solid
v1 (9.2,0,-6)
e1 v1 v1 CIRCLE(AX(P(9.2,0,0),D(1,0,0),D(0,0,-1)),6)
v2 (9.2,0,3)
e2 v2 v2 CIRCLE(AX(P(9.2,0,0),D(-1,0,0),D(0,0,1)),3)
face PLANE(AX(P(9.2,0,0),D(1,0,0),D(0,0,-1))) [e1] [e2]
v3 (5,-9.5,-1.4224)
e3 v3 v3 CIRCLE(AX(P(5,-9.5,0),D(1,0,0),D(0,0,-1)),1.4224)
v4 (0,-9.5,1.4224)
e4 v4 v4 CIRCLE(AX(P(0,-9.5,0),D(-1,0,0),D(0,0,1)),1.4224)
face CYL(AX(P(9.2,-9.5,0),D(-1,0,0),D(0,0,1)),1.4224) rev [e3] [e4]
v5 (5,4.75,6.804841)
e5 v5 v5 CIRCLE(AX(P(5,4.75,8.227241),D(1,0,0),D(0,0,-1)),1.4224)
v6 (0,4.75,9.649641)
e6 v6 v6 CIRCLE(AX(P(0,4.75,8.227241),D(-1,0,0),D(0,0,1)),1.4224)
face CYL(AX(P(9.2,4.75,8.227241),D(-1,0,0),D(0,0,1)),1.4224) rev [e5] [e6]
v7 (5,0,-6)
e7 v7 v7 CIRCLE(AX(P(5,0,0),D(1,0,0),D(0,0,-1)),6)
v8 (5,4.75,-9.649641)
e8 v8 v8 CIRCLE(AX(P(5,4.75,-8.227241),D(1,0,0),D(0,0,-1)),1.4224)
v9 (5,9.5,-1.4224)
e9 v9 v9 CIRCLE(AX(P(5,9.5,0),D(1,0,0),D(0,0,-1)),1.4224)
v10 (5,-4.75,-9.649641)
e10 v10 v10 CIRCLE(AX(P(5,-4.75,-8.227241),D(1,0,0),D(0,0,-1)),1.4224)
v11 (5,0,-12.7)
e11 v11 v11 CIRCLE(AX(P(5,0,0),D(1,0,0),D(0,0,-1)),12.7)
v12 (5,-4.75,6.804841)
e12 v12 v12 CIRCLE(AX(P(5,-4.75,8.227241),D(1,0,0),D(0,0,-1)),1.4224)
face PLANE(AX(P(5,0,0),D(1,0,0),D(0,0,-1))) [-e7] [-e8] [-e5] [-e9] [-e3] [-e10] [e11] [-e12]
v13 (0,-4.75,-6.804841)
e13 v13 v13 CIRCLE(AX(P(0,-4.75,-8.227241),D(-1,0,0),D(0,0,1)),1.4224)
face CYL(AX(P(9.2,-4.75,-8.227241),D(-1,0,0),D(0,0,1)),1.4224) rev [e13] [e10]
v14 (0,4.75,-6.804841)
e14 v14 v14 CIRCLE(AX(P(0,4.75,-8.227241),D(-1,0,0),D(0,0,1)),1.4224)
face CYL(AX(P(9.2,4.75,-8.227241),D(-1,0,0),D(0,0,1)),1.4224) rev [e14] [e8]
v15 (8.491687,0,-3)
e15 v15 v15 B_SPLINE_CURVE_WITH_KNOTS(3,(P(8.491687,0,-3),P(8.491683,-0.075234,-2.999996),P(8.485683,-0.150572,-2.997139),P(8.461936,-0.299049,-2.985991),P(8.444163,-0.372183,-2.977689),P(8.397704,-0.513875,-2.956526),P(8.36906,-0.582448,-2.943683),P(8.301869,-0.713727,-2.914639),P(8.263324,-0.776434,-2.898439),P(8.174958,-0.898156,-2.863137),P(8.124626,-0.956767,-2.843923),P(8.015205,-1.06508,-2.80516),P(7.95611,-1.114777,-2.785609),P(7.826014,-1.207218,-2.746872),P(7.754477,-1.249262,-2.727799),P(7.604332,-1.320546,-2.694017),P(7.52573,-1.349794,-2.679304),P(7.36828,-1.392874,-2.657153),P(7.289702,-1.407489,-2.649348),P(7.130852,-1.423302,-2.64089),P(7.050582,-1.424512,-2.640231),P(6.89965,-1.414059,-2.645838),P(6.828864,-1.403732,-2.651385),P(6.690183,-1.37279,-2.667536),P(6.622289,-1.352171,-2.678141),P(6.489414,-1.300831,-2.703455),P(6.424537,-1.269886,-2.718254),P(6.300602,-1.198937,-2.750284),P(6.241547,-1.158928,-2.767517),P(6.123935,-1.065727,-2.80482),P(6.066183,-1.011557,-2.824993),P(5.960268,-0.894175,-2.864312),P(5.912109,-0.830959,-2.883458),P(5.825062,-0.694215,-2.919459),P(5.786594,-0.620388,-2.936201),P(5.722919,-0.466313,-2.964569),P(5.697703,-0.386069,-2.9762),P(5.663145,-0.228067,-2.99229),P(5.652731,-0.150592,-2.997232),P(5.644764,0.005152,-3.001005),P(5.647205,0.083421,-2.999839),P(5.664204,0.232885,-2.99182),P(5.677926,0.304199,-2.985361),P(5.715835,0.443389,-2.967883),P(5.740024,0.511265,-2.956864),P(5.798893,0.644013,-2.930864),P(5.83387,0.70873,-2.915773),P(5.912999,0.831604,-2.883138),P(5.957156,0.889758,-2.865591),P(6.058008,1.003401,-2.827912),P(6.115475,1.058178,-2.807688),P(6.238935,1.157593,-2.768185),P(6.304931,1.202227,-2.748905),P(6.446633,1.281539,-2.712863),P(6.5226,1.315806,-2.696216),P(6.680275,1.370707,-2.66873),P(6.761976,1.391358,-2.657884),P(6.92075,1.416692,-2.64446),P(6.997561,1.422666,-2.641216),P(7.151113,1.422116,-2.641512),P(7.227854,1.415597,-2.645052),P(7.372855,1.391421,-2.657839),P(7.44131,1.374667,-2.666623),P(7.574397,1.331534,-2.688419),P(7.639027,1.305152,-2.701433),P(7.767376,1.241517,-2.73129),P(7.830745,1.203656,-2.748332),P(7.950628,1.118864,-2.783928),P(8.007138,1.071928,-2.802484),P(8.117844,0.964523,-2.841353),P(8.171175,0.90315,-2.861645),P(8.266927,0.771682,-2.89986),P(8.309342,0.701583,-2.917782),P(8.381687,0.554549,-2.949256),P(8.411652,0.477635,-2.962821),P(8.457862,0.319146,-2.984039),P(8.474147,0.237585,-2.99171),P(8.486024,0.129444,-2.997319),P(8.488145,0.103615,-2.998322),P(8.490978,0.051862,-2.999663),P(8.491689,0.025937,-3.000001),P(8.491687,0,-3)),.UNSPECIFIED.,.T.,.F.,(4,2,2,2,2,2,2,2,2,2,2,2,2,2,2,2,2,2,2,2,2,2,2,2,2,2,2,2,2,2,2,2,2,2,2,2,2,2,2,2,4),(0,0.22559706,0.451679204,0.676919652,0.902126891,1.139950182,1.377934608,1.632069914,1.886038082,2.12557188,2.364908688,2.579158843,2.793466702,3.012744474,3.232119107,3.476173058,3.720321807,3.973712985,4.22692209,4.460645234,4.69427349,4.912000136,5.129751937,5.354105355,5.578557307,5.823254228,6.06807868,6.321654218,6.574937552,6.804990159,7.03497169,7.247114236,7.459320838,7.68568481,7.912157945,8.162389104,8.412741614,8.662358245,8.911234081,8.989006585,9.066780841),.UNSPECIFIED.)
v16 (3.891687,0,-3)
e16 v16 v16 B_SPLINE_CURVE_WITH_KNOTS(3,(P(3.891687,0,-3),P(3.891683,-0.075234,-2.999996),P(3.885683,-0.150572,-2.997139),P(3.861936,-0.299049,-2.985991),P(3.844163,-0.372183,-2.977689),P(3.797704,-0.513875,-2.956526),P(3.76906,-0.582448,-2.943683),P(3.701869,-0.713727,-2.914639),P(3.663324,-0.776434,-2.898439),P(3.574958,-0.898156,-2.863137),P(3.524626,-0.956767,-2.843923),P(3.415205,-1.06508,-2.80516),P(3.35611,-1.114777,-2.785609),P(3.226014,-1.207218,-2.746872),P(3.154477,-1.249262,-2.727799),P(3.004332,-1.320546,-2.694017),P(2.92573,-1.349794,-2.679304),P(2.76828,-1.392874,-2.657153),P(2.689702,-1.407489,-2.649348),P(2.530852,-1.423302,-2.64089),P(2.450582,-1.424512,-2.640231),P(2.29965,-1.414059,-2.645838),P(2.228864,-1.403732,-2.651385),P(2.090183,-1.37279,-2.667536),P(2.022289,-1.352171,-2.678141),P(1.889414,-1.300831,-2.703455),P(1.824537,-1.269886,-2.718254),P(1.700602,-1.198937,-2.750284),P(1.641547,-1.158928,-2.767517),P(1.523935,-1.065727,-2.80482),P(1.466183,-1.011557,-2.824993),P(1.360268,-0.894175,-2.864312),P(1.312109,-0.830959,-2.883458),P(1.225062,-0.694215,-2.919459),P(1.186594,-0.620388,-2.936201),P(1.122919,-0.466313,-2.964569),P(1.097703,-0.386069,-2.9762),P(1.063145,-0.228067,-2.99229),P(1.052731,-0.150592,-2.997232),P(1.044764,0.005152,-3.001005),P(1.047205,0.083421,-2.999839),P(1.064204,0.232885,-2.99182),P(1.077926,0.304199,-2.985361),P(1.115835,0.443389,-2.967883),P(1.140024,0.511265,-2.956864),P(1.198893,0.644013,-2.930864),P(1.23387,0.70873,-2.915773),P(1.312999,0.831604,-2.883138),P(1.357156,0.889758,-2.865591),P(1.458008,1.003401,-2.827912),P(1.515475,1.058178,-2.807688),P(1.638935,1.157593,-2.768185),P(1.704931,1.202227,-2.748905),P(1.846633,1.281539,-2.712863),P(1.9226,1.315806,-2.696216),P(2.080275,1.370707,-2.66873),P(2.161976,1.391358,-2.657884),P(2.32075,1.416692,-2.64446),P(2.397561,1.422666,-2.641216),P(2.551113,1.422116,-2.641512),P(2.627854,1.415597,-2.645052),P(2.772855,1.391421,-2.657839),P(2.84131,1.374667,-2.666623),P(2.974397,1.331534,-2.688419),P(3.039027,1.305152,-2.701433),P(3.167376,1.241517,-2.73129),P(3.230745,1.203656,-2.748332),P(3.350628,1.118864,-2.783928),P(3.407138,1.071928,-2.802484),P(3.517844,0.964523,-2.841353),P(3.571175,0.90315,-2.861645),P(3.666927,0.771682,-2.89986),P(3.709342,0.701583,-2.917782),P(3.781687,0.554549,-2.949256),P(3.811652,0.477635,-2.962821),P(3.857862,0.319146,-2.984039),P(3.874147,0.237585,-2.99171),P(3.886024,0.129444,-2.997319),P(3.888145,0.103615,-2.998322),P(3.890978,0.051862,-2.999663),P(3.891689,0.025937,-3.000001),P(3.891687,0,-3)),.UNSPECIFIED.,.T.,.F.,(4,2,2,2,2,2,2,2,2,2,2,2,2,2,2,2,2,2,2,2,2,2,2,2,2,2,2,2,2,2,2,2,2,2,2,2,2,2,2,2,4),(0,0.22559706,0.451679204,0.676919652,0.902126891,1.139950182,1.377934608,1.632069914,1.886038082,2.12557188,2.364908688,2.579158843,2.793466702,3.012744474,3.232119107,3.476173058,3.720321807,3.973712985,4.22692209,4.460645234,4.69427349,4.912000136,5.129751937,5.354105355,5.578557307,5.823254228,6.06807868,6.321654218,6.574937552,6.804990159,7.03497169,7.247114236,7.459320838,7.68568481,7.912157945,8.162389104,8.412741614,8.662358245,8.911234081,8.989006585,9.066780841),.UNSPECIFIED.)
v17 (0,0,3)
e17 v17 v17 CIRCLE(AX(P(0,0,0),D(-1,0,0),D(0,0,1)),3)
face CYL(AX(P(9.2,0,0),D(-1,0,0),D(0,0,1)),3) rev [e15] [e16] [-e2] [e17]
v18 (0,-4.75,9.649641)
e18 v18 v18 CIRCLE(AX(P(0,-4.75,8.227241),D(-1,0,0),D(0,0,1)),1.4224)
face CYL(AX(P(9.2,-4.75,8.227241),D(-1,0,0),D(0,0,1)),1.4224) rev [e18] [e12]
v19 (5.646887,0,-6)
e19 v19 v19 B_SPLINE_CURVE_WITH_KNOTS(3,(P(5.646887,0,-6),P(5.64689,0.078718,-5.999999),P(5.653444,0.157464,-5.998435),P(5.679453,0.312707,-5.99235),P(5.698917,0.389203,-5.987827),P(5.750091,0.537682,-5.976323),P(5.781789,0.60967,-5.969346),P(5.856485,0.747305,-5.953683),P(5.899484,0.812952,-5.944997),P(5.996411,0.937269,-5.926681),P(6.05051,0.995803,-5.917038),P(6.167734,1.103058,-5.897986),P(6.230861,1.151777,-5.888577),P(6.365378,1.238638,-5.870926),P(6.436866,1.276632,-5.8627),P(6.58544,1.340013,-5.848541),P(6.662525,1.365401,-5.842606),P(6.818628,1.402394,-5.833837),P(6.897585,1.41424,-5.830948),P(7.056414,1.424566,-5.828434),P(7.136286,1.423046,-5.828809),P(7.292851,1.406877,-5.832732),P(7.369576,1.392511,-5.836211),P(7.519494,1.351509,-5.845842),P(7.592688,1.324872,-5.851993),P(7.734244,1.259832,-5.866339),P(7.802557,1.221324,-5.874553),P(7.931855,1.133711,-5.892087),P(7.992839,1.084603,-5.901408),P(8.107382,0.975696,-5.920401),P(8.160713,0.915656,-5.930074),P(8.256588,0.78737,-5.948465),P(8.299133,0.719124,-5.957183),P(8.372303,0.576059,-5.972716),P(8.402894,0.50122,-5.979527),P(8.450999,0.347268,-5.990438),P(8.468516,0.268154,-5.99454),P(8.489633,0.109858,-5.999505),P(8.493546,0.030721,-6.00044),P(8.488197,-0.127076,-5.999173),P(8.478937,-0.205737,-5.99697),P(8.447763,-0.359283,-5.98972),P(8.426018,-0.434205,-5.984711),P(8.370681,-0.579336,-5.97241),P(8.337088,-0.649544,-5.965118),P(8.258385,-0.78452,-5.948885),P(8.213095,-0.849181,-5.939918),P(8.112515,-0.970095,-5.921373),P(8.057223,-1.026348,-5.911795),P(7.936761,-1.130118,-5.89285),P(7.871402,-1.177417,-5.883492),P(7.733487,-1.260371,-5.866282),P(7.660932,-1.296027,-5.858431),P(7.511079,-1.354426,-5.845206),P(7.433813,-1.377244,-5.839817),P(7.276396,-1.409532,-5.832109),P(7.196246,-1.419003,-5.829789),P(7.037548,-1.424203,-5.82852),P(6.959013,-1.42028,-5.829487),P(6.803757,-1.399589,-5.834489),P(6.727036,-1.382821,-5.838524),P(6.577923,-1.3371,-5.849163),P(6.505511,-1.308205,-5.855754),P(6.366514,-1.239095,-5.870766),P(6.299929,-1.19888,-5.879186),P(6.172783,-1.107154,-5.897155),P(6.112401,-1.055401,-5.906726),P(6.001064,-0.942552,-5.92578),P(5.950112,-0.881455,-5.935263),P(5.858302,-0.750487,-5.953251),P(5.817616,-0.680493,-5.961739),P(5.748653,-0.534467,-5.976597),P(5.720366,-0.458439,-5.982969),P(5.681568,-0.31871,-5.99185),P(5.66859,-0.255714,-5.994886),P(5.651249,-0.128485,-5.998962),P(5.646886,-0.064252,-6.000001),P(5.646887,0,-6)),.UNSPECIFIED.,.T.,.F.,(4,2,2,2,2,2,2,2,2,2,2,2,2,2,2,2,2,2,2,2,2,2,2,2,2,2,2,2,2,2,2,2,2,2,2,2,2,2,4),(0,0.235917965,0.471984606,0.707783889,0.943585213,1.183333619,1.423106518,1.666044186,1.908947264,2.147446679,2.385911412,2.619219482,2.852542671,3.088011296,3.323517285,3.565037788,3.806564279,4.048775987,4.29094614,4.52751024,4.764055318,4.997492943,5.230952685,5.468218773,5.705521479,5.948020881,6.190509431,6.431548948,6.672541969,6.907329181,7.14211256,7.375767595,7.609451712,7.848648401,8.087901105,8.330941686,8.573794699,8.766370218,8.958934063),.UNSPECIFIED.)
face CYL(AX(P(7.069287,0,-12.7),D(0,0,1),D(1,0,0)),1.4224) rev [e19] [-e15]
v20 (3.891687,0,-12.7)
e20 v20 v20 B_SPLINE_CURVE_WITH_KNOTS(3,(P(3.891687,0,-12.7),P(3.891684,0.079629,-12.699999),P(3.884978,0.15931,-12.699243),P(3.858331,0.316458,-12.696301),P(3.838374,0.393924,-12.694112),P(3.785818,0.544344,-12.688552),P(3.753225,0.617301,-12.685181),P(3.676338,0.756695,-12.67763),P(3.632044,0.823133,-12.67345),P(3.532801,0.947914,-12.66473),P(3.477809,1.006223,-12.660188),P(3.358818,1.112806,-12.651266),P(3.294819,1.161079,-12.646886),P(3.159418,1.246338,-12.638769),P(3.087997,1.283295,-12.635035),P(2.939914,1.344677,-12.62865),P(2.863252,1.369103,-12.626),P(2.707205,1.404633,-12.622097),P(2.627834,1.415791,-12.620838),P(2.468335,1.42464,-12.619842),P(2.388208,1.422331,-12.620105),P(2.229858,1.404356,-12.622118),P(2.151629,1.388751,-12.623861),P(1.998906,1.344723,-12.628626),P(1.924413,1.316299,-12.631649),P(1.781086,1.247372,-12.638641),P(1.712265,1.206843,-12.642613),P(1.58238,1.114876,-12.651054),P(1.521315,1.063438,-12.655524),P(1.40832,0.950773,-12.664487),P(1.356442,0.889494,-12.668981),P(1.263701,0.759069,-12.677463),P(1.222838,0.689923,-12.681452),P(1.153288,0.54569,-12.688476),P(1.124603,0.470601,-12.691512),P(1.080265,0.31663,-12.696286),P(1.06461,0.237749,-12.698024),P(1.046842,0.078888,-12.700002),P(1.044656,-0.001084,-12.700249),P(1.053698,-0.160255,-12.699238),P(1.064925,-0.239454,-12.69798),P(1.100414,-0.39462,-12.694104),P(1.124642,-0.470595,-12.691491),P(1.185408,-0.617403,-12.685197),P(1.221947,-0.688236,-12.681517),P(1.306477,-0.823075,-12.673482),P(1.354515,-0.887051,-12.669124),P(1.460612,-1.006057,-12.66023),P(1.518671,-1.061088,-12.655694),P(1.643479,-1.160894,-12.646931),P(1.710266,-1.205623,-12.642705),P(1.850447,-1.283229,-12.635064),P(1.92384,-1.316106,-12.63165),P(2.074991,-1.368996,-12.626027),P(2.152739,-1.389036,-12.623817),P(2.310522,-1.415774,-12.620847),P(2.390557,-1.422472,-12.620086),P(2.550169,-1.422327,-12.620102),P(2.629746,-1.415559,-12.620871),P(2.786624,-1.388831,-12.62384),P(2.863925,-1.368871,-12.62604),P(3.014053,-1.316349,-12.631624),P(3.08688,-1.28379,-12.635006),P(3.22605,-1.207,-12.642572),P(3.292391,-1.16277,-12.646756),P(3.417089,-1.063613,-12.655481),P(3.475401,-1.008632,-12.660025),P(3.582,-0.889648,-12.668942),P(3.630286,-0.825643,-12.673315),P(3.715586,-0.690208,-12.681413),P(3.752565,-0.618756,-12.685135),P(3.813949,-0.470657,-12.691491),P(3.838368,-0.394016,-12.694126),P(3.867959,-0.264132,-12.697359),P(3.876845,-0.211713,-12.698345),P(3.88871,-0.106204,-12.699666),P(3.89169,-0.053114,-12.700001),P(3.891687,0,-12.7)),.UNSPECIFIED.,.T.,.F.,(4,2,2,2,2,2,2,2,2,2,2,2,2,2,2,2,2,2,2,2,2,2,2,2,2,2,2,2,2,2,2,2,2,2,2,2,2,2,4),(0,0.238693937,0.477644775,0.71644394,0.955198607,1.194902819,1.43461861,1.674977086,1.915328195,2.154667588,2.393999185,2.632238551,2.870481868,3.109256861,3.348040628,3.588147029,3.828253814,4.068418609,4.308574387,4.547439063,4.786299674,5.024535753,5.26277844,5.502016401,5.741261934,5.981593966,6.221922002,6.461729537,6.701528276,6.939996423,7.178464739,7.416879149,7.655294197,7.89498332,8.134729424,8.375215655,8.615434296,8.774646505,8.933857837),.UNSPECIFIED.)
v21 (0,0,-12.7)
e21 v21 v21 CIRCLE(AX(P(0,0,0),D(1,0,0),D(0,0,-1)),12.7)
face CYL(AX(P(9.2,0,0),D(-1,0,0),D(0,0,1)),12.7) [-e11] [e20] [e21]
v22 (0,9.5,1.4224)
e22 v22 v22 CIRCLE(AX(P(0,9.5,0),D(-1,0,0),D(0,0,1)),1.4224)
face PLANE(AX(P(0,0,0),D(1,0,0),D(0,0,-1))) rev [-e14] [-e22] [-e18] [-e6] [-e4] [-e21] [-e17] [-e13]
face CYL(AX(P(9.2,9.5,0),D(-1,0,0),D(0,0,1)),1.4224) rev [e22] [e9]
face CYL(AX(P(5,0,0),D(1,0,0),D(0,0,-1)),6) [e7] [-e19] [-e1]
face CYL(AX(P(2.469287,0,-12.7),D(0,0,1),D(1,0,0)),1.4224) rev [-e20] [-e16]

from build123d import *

# Parameters (mm, degrees)
SKETCH1_R           = 12.7
BOSS_EXTRUDE1_DEPTH = 9.2
CUT_EXTRUDE1_START  = -4.2
SKETCH2_R           = 12.7
SKETCH2_R_2         = 6
CUT_EXTRUDE1_DEPTH  = 4.2
SKETCH4_R           = 3
SKETCH4_R_2         = 1.4224
CUT_EXTRUDE2_DEPTH  = 21.179692763
SKETCH5_R           = 1.4224
CUT_EXTRUDE3_DEPTH  = 21.179692763


with BuildPart() as part:
    # Sketch1 → Boss-Extrude1 (new body)
    with BuildSketch(Plane(origin=(0, 0, 0), x_dir=(0, 0, -1), z_dir=(1, 0, 0))):
        Circle(SKETCH1_R)
    extrude(amount=BOSS_EXTRUDE1_DEPTH)

    # Sketch2 → Cut-Extrude1 (cut)
    with BuildSketch(Plane(origin=(9.2, 0, 0), x_dir=(0, 0, -1), z_dir=(1, 0, 0)).offset(CUT_EXTRUDE1_START)):
        Circle(SKETCH2_R)
        Circle(SKETCH2_R_2, mode=Mode.SUBTRACT)
    extrude(amount=CUT_EXTRUDE1_DEPTH, mode=Mode.SUBTRACT)

    # Sketch4 → Cut-Extrude2 (cut, through all)
    with BuildSketch(Plane.ZY):
        Circle(SKETCH4_R)
        with Locations((-8.227241336, -4.75)):
            Circle(SKETCH4_R_2)
        with Locations((8.227241336, 4.75)):
            Circle(SKETCH4_R_2)
        with Locations((-8.227241336, 4.75)):
            Circle(SKETCH4_R_2)
        with Locations((0, 9.5)):
            Circle(SKETCH4_R_2)
        with Locations((0, -9.5)):
            Circle(SKETCH4_R_2)
        with Locations((8.227241336, -4.75)):
            Circle(SKETCH4_R_2)
    extrude(amount=-CUT_EXTRUDE2_DEPTH, mode=Mode.SUBTRACT)

    # Sketch5 → Cut-Extrude3 (cut, through all)
    with BuildSketch(Plane.XY):
        with Locations((2.469287496, 0)):
            Circle(SKETCH5_R)
        with Locations((7.069287496, 0)):
            Circle(SKETCH5_R)
    extrude(amount=-CUT_EXTRUDE3_DEPTH, mode=Mode.SUBTRACT)


solid = part.part
